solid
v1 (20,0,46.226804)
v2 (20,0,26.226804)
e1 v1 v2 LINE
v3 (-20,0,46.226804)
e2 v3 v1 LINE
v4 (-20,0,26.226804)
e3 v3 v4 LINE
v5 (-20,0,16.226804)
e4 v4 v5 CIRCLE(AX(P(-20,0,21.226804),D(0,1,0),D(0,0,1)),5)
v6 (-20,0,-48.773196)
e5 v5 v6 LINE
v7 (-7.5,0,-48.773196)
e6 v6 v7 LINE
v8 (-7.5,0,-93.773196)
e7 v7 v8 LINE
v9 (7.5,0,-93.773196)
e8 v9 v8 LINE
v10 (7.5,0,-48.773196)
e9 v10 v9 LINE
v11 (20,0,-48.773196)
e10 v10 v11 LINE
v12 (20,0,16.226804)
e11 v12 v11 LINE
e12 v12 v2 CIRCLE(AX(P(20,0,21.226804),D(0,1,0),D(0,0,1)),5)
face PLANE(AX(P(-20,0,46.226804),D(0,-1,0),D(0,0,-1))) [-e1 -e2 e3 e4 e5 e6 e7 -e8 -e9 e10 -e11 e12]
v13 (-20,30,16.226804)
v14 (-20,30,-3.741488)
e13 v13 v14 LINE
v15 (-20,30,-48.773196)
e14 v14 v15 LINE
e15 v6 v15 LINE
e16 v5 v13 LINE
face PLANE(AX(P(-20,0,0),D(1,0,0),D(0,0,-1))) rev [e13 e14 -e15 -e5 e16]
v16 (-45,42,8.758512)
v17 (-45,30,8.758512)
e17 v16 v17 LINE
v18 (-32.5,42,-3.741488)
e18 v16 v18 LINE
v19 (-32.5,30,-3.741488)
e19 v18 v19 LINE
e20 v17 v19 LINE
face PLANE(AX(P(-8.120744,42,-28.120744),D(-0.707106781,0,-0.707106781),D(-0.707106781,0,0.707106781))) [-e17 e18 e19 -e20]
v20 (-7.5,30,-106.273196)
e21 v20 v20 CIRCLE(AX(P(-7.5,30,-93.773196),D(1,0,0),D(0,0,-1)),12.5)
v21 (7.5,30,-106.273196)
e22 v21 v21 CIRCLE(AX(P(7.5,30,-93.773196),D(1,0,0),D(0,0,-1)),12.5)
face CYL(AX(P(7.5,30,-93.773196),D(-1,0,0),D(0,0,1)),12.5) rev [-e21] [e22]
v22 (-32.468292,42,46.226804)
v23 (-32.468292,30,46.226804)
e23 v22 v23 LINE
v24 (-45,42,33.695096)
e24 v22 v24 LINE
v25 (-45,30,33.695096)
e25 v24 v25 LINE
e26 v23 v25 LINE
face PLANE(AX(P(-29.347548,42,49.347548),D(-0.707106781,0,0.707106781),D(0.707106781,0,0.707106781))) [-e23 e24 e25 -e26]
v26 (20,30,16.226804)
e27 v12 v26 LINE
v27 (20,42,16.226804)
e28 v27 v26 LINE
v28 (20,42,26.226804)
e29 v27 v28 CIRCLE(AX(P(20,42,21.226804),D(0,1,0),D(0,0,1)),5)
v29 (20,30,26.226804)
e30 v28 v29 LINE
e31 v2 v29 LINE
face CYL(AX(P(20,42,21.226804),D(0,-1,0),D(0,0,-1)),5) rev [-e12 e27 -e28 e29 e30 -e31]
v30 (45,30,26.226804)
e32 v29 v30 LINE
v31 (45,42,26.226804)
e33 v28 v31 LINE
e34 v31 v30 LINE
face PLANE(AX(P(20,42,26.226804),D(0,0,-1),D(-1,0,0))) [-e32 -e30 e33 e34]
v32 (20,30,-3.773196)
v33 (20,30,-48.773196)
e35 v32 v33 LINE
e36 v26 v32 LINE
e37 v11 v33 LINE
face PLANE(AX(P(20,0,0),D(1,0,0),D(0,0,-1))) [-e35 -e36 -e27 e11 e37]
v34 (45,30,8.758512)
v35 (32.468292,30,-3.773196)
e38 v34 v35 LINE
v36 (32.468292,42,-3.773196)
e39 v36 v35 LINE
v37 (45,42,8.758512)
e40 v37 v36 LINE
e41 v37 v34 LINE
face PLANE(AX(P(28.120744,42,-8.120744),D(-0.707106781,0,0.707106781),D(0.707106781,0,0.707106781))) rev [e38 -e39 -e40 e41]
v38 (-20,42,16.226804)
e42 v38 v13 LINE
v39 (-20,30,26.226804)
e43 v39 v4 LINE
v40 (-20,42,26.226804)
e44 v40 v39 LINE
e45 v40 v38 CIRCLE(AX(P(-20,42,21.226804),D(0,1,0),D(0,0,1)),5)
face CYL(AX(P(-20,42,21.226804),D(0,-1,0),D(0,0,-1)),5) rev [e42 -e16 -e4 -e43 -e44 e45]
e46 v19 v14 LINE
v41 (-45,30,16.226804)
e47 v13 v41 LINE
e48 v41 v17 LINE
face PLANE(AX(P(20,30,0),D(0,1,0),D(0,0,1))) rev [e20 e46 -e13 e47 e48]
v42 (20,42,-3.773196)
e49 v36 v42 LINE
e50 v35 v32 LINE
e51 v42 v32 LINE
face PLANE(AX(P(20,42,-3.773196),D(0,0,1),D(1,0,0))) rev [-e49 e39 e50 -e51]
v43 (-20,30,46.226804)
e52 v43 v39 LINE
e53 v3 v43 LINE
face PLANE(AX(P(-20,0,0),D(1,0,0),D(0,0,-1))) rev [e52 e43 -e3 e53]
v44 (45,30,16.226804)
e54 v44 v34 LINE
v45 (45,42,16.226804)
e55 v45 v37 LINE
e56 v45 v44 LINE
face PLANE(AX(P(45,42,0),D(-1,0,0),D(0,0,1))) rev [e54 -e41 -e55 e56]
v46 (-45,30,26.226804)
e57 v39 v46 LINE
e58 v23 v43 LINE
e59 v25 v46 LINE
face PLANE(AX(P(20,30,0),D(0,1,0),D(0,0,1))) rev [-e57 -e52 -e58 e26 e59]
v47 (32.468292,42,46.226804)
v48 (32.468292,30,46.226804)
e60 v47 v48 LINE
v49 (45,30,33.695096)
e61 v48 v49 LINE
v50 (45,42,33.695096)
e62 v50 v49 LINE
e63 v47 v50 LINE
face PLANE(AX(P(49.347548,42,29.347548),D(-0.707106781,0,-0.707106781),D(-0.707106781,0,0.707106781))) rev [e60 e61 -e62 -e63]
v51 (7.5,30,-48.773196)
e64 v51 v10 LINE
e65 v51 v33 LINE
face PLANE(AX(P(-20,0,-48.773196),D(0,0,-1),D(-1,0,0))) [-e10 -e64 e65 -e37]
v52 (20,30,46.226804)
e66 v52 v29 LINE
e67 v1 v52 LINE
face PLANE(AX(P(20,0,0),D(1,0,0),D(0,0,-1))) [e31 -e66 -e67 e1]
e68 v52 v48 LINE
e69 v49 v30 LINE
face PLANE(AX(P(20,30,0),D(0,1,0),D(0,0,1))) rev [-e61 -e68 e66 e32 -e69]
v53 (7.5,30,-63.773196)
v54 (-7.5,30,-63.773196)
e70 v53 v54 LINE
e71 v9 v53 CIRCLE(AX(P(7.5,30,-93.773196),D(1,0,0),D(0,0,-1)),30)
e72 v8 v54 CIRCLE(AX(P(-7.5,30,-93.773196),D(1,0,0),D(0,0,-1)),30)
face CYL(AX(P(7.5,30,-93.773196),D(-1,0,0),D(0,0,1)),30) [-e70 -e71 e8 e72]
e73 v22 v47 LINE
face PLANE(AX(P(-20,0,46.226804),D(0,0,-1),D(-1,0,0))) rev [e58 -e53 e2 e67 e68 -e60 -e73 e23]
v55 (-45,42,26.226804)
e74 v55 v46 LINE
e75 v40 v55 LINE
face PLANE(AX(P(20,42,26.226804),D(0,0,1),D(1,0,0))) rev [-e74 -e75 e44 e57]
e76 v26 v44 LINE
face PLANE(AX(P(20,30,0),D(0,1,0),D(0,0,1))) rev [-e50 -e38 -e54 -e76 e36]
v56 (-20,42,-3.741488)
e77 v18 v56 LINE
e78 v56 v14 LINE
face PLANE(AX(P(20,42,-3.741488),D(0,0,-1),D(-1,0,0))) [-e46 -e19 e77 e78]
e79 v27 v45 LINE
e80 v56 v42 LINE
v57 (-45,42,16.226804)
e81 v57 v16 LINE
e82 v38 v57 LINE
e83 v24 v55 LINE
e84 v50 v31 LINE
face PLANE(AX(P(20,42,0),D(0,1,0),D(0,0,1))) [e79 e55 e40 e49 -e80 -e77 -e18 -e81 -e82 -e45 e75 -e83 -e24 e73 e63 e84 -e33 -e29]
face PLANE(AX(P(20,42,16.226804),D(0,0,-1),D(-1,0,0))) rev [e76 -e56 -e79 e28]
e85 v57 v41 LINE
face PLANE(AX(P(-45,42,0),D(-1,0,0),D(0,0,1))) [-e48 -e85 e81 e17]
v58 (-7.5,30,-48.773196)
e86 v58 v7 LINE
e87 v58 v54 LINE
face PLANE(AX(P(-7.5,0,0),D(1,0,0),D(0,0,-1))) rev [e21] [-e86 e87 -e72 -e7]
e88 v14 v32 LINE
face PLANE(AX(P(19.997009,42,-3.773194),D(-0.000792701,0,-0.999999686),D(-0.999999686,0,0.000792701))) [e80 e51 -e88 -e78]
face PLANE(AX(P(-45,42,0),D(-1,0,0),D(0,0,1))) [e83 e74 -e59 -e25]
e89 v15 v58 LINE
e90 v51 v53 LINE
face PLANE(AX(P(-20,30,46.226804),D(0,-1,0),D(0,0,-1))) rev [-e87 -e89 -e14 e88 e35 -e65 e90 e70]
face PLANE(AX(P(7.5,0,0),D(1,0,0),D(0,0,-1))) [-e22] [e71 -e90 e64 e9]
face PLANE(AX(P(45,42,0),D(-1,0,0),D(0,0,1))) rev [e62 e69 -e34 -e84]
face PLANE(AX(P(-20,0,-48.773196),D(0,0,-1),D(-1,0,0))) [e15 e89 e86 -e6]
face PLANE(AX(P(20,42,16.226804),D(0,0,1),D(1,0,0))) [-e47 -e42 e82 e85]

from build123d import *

# Parameters (mm, degrees)
SKETCH1_W           = 95
SKETCH1_H           = 30
BOSS_EXTRUDE1_DEPTH = 40
BOSS_EXTRUDE2_DEPTH = 12
SKETCH4_R           = 5
CUT_EXTRUDE1_DEPTH  = 87.62461911
SKETCH6_R           = 12.5
BOSS_EXTRUDE3_DEPTH = 7.5


with BuildPart() as part:
    # Sketch1 → Boss-Extrude1 (new body)
    with BuildSketch(Plane(origin=(0, 0, 0), x_dir=(0, 0, -1), z_dir=(1, 0, 0))):
        with Locations((1.273195876, 15)):
            Rectangle(SKETCH1_W, SKETCH1_H)
    extrude(amount=-BOSS_EXTRUDE1_DEPTH)

    # Sketch3 → Boss-Extrude2 (add)
    with BuildSketch(Plane(origin=(0, 30, 0), x_dir=(1, 0, 0), z_dir=(0, 1, 0))):
        with BuildLine():
            Line((12.468291965, 3.773195876), (0, 3.773195876))
            Line((0, 3.773195876), (-40, 3.741487841))
            Line((-40, 3.741487841), (-52.5, 3.741487841))
            Line((-52.5, 3.741487841), (-65, -8.758512159))
            Line((-65, -8.758512159), (-65, -16.226804124))
            Line((-65, -16.226804124), (-40, -16.226804124))
            ThreePointArc((-40, -16.226804124), (-35, -21.226804124), (-40, -26.226804124))
            Line((-40, -26.226804124), (-65, -26.226804124))
            Line((-65, -26.226804124), (-65, -33.695096088))
            Line((-65, -33.695096088), (-52.468291965, -46.226804124))
            Line((-52.468291965, -46.226804124), (12.468291965, -46.226804124))
            Line((12.468291965, -46.226804124), (25, -33.695096088))
            Line((25, -33.695096088), (25, -26.226804124))
            Line((25, -26.226804124), (0, -26.226804124))
            ThreePointArc((0, -26.226804124), (-5, -21.226804124), (0, -16.226804124))
            Line((0, -16.226804124), (25, -16.226804124))
            Line((25, -16.226804124), (25, -8.758512159))
            Line((25, -8.758512159), (12.468291965, 3.773195876))
        make_face()
    extrude(amount=BOSS_EXTRUDE2_DEPTH)

    # Sketch4 → Cut-Extrude1 (cut, through all)
    with BuildSketch(Plane(origin=(0, 30, 0), x_dir=(1, 0, 0), z_dir=(0, 1, 0))):
        with BuildLine():
            ThreePointArc((0, -16.226804124), (-5, -21.226804124), (0, -26.226804124))
            Line((0, -26.226804124), (0, -16.226804124))
        make_face()
        with Locations((-40, -21.226804124)):
            Circle(SKETCH4_R)
    extrude(amount=-CUT_EXTRUDE1_DEPTH, mode=Mode.SUBTRACT)


with BuildPart() as part_1:
    # Body-Move/Copy1: moved
    add(part.part.moved(Location((20, 0, 0))))

    # Sketch6 → Boss-Extrude3 (add, symmetric)
    with BuildSketch(Plane(origin=(0, 0, 0), x_dir=(0, 0, -1), z_dir=(1, 0, 0))):
        with BuildLine():
            Line((63.773195876, 30), (48.773195876, 30))
            Line((48.773195876, 30), (48.773195876, 0))
            Line((48.773195876, 0), (93.773195876, 0))
            ThreePointArc((93.773195876, 0), (114.986399312, 51.213203436), (63.773195876, 30))
        make_face()
        with Locations((93.773195876, 30)):
            Circle(SKETCH6_R, mode=Mode.SUBTRACT)
    extrude(amount=BOSS_EXTRUDE3_DEPTH, both=True)


solid = part_1.part
